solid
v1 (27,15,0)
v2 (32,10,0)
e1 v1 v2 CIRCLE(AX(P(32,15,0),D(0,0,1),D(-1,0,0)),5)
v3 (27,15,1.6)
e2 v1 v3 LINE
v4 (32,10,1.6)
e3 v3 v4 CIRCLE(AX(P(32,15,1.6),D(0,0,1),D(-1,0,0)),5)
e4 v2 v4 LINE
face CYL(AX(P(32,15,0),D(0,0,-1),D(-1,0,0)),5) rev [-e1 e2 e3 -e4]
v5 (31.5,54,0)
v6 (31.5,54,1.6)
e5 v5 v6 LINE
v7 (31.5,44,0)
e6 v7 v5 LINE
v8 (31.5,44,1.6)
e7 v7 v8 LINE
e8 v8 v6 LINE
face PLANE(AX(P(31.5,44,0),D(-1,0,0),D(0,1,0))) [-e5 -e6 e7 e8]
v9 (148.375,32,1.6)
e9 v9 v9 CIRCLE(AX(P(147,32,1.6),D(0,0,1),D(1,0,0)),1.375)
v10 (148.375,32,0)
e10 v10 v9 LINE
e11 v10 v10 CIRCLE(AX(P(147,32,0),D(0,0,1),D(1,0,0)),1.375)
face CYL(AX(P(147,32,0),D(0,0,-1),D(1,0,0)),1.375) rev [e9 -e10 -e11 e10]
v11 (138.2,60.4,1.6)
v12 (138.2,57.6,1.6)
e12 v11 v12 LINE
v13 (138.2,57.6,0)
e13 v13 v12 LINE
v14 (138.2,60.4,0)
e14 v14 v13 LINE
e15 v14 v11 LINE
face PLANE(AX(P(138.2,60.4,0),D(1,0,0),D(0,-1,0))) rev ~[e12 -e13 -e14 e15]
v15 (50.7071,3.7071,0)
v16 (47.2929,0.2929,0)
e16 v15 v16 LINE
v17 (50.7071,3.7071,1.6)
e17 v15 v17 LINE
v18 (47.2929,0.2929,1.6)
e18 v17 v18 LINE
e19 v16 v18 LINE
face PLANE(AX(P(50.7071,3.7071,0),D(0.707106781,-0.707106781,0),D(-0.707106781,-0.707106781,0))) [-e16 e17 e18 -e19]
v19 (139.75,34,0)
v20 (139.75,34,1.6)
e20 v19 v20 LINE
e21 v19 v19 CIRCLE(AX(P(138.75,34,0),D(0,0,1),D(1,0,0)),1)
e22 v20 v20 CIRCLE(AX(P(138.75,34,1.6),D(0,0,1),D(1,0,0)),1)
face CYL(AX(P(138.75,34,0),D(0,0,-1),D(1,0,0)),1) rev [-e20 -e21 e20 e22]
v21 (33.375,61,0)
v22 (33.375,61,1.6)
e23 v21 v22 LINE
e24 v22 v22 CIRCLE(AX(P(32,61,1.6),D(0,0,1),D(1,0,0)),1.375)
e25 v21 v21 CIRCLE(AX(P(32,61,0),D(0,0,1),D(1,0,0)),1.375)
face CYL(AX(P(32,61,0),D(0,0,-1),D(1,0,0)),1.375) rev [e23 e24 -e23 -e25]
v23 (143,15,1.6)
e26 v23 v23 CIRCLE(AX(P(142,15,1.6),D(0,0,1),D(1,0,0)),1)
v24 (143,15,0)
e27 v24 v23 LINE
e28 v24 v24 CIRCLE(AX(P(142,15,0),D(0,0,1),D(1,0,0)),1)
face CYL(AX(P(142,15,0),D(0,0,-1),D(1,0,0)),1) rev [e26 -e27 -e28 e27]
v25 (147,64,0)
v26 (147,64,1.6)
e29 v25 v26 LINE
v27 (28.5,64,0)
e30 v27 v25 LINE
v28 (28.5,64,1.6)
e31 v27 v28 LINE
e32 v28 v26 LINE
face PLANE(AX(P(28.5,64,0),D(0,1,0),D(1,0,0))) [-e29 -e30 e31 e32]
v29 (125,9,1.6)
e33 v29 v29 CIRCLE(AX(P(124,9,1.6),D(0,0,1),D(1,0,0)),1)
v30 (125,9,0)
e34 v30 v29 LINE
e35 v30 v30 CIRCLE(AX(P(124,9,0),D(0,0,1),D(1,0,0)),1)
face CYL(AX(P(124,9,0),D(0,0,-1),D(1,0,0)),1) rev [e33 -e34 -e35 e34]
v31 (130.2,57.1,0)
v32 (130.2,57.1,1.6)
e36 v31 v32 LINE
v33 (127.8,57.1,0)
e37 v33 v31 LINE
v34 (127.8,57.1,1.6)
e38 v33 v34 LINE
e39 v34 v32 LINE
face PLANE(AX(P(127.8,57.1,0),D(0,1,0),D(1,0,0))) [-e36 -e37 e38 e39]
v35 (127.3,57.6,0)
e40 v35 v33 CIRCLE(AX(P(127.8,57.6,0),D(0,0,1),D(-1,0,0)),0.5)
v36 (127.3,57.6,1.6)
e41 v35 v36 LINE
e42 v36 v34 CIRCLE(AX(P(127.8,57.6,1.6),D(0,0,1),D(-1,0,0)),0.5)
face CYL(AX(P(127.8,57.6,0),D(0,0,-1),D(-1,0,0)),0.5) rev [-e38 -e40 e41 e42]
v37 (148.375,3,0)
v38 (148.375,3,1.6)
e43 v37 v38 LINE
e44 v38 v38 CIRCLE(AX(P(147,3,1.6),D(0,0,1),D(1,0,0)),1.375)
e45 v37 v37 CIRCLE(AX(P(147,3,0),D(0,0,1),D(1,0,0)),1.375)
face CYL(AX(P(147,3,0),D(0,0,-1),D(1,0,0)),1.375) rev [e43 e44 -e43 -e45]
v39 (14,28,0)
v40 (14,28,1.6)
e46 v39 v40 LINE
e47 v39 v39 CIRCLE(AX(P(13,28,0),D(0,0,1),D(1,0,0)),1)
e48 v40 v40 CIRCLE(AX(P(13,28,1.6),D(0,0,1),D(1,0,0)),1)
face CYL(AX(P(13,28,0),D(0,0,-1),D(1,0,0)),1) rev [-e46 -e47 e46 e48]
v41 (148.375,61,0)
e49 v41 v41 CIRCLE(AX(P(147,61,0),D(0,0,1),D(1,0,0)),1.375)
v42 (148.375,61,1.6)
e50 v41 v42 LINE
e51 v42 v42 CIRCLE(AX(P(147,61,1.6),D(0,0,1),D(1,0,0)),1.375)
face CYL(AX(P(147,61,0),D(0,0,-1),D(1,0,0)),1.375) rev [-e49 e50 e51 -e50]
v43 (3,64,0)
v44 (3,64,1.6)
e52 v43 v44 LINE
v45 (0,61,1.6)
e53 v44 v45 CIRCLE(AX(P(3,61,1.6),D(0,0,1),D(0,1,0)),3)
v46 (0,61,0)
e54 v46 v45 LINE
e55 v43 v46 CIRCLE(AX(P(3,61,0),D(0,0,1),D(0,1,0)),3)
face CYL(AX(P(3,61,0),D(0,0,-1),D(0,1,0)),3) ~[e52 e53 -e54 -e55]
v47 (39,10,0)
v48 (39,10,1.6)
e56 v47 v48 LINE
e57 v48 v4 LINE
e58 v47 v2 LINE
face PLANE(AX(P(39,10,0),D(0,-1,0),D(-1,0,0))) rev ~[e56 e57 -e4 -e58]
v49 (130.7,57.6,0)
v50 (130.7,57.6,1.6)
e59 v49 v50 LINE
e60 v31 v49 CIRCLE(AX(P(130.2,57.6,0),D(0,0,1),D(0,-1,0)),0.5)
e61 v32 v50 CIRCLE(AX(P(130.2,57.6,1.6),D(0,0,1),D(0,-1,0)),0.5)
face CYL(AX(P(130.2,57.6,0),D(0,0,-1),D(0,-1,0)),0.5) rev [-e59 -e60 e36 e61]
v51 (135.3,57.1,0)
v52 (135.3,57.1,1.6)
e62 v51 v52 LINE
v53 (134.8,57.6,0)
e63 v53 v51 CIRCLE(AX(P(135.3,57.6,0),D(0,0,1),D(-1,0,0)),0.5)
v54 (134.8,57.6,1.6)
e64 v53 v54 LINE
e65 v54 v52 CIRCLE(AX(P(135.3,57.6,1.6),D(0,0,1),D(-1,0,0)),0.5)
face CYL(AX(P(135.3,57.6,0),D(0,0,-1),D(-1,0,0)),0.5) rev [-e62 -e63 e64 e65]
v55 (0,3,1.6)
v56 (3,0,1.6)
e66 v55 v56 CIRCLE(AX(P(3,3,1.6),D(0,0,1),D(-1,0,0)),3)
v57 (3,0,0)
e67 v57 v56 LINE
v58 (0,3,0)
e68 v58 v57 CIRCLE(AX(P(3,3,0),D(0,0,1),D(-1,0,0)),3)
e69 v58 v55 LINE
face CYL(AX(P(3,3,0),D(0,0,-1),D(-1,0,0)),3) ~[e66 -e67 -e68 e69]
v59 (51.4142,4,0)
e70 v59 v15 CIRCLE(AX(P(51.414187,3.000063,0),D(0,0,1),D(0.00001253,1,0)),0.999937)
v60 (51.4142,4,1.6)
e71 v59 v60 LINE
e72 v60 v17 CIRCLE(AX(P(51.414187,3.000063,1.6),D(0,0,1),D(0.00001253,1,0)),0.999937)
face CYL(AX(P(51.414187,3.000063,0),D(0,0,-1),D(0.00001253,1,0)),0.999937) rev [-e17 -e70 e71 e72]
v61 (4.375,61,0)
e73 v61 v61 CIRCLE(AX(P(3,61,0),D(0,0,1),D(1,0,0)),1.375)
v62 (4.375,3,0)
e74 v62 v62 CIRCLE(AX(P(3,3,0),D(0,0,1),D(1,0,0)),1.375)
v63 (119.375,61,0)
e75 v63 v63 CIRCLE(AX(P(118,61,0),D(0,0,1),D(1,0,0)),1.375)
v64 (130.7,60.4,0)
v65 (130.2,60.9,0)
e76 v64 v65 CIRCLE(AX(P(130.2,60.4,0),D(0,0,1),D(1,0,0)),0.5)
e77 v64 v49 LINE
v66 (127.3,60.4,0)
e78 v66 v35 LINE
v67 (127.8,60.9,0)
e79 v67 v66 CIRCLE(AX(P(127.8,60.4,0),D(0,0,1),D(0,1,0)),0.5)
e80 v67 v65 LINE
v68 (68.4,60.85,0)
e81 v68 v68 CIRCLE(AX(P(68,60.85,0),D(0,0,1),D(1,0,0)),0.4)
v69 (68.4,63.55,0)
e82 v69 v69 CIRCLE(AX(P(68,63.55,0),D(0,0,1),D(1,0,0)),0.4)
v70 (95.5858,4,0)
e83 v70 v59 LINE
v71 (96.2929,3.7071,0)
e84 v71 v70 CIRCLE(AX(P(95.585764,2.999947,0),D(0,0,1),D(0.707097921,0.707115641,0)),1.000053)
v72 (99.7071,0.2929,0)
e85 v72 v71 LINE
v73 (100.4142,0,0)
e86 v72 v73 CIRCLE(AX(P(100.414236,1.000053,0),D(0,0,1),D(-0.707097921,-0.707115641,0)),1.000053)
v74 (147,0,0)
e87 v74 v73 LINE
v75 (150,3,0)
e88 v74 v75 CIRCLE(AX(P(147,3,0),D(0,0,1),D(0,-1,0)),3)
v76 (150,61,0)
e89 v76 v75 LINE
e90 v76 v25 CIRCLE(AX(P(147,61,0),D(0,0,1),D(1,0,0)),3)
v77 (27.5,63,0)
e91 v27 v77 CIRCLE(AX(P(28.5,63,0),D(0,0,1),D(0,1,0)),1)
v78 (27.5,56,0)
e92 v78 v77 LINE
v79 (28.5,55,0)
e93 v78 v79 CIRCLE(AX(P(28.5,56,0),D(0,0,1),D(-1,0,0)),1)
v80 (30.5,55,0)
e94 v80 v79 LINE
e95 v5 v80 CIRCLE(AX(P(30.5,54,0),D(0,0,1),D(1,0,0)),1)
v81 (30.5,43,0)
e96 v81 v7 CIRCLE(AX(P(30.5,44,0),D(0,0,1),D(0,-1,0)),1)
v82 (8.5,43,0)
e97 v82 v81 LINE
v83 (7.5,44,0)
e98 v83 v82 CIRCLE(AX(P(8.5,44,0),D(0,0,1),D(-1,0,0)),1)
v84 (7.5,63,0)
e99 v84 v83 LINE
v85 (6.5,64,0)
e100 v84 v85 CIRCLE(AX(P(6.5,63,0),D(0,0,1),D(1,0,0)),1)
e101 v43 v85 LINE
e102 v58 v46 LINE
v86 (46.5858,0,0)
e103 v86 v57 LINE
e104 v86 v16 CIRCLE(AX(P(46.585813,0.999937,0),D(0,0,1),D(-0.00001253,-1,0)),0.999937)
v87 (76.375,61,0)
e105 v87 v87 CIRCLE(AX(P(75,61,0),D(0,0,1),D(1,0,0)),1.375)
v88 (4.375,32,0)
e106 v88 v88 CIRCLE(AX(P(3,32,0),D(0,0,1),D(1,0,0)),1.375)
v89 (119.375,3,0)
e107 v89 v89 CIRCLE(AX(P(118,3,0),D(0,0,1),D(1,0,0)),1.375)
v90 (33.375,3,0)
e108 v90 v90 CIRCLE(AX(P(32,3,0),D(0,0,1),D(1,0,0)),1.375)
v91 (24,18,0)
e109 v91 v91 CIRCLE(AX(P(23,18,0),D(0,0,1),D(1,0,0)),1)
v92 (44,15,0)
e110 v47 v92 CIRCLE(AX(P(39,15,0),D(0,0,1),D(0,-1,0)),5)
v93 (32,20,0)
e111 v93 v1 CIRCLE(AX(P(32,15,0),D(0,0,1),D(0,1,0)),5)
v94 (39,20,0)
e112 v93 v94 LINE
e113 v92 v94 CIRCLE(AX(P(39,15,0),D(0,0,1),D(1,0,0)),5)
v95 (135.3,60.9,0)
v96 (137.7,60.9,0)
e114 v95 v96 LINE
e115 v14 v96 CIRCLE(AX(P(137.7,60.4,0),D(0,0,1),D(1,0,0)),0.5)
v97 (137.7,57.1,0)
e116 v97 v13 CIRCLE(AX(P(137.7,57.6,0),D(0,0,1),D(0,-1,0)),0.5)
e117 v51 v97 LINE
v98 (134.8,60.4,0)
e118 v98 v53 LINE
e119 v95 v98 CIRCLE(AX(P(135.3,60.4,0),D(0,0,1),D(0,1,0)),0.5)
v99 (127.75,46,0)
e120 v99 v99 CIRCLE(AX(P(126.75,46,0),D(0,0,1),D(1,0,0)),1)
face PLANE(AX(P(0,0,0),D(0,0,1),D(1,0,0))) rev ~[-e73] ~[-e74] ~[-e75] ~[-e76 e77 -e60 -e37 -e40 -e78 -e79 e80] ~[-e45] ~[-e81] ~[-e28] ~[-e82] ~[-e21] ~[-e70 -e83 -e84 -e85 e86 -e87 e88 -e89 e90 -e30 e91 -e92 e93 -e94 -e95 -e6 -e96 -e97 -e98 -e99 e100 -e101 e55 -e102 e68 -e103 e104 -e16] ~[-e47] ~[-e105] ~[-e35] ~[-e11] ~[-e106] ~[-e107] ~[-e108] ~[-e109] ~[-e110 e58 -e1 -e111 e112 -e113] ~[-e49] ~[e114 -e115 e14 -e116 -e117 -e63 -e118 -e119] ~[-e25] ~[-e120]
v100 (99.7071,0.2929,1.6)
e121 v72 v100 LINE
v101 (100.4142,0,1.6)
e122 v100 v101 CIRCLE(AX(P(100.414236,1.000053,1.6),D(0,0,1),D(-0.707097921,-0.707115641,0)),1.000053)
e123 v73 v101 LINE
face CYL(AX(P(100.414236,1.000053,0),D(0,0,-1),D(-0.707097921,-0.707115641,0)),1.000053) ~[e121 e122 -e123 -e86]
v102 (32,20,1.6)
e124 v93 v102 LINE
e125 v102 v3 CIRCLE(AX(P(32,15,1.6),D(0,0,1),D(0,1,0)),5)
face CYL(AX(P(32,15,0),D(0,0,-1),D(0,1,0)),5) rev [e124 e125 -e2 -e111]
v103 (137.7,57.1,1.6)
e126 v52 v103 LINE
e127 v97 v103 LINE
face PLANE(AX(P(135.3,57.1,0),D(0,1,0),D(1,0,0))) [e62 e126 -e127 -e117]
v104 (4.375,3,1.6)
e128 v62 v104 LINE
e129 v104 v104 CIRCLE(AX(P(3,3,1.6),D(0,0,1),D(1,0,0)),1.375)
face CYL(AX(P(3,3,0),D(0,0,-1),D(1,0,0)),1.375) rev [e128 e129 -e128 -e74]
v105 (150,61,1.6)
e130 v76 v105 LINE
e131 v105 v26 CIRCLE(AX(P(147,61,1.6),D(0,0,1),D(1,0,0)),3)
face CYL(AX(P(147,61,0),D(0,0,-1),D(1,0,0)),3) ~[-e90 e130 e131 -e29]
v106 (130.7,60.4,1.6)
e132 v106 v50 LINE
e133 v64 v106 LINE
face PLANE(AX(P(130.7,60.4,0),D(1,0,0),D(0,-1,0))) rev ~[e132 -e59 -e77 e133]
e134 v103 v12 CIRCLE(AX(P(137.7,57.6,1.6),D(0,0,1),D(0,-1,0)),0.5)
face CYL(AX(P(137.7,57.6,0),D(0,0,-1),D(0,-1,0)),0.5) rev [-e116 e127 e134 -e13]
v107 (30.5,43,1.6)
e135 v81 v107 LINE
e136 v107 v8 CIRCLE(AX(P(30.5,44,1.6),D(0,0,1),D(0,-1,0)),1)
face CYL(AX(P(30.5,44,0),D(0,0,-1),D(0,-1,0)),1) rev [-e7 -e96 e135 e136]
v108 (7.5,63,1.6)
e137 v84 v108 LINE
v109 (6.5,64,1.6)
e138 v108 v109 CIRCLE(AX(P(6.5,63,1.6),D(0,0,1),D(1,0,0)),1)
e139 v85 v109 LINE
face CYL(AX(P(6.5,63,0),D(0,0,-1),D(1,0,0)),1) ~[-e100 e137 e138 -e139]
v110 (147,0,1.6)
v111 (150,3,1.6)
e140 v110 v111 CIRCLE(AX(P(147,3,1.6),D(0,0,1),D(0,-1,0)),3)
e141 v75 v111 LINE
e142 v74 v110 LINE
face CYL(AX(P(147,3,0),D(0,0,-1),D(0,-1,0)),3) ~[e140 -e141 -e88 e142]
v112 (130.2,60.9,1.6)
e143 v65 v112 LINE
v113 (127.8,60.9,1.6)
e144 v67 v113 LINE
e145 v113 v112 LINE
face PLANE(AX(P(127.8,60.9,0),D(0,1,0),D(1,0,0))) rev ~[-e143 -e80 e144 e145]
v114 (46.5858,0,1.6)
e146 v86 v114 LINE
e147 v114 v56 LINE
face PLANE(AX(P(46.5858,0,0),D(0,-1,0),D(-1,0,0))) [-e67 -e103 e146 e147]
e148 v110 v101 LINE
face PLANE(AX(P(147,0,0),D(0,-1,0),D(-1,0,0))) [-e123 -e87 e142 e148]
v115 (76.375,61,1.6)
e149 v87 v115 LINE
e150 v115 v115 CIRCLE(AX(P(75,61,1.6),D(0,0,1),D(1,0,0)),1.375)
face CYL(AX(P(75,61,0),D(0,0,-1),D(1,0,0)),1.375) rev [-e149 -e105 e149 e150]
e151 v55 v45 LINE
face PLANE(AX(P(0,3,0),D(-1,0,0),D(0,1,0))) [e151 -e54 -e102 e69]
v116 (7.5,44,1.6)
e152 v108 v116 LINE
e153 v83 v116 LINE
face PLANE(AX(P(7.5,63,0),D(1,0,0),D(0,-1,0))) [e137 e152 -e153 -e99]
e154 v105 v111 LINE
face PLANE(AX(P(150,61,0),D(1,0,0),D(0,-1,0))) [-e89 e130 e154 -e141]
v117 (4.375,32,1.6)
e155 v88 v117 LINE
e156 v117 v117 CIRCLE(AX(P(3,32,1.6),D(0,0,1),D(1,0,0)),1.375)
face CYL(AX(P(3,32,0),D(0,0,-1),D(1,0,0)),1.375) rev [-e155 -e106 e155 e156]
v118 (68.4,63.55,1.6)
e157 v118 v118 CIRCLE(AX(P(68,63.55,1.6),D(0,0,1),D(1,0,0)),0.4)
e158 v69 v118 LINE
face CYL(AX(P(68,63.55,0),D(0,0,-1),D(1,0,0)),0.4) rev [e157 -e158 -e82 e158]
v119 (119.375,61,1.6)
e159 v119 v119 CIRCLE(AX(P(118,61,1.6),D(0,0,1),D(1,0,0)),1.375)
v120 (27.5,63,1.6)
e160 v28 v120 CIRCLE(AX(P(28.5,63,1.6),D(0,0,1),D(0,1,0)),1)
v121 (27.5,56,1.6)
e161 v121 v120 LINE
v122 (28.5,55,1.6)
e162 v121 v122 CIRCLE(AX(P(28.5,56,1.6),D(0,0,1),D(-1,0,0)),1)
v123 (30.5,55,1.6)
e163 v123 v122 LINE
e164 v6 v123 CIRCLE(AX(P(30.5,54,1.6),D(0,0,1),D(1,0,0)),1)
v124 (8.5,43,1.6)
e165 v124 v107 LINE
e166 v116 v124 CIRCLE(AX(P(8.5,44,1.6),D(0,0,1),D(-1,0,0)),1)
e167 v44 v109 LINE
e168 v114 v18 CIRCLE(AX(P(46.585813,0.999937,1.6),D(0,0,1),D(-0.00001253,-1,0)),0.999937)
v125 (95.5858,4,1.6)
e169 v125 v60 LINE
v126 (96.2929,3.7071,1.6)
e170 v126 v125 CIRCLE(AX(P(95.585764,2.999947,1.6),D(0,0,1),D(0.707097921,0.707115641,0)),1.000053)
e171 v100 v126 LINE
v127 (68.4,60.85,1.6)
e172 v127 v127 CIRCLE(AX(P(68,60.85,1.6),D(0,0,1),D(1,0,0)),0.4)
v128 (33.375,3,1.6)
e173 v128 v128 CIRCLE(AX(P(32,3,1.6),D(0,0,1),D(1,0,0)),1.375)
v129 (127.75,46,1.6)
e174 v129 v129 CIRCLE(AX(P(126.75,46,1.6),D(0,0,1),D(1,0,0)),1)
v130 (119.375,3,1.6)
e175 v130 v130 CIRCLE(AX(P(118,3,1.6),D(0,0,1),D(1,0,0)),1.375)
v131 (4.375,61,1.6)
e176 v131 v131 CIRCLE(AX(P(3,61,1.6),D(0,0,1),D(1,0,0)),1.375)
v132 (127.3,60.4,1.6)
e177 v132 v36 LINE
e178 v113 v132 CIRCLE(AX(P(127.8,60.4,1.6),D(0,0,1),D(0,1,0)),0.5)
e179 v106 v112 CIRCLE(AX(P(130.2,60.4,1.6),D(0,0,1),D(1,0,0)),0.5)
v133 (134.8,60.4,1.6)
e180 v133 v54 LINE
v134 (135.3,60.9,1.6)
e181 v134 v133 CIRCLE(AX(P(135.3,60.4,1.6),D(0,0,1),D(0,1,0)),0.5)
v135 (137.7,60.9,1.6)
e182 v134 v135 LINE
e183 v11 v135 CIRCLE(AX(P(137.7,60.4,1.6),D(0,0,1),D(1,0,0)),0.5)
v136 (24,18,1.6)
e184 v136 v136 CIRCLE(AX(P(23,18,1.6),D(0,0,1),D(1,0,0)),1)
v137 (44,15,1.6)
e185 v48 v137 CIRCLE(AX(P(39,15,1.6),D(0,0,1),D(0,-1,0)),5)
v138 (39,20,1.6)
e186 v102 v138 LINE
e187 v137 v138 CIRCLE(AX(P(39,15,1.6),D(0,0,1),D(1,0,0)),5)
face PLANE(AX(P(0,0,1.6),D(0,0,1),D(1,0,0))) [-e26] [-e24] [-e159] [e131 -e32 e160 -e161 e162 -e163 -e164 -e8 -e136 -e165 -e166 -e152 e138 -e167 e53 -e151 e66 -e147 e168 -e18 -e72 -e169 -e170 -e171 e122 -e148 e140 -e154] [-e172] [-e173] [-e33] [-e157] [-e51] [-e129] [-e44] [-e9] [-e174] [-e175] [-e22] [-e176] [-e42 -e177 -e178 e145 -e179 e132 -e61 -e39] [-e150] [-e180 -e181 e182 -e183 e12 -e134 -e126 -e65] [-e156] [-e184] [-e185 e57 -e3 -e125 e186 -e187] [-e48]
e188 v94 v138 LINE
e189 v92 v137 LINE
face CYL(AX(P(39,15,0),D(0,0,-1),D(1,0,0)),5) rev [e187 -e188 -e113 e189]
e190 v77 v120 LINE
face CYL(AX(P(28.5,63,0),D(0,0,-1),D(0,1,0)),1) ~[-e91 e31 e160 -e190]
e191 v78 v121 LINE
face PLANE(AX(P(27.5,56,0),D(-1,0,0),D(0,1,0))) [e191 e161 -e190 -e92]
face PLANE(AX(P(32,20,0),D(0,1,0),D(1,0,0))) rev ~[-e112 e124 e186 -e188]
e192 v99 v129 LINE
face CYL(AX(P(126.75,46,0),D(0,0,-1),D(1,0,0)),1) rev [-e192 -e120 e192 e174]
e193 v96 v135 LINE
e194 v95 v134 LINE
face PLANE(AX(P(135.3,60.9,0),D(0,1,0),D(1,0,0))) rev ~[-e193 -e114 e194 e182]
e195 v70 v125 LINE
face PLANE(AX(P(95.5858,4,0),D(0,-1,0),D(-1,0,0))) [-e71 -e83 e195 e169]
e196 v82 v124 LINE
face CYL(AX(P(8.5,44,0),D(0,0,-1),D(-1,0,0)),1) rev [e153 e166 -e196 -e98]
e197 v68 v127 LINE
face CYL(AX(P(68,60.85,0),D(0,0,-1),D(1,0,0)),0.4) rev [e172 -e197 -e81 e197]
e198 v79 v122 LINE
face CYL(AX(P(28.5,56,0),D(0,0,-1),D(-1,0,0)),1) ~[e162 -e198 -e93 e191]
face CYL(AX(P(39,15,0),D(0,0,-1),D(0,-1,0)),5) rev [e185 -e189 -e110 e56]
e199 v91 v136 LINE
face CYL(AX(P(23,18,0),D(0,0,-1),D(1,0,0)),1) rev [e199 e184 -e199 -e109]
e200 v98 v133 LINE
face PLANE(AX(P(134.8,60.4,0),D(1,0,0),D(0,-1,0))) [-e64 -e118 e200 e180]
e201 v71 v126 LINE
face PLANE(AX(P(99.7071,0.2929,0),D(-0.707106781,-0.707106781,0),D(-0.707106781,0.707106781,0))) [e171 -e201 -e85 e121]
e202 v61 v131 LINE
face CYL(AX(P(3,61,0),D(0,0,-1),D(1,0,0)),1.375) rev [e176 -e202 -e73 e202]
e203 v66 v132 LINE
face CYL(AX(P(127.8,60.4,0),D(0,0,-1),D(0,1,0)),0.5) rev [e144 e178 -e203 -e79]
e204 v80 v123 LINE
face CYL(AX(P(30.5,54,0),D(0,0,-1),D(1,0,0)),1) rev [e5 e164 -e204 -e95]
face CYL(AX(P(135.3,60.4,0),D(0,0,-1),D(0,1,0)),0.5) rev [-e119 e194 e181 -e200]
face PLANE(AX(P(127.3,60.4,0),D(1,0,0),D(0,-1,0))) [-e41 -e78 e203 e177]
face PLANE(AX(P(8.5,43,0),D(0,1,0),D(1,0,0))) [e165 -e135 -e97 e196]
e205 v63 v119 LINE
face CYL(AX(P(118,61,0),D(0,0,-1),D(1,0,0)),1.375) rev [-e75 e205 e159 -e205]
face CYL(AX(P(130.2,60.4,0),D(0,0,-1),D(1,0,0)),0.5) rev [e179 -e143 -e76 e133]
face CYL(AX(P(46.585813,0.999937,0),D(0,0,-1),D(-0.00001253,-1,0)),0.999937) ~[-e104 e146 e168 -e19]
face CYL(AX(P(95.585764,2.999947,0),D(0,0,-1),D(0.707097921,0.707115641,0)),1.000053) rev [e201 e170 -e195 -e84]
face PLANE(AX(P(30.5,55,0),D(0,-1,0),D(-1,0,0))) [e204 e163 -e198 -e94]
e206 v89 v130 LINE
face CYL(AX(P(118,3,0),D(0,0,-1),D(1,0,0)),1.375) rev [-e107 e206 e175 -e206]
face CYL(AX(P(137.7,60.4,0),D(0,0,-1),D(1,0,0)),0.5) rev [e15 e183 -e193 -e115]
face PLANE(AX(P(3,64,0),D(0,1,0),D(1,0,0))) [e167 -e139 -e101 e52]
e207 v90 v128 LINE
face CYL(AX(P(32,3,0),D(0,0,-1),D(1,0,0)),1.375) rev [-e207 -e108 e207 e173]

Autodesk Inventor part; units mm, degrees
ref_plane "YZ Plane" through (0, 0, 0) normal (1, 0, 0) x (0, 1, 0)
ref_plane "XZ Plane" through (0, 0, 0) normal (0, 1, 0) x (-1, 0, 0)
ref_plane "XY Plane" through (0, 0, 0) normal (0, 0, 1) x (1, 0, 0)
sketch "Sketch1" plane through (0, 0, 0) normal (0, 0, 1) x (1, 0, 0)
  line L0 (150, 61) -> (150, 3)
  arc A0 (147, 0) -> (150, 3) centre (147, 3) ccw
  line L1 (147, 0) -> (100.4142, 0)
  arc A1 (99.7071, 0.2929) -> (100.4142, 0) centre (100.4142, 1) ccw
  line L2 (99.7071, 0.2929) -> (96.2929, 3.7071)
  arc A2 (96.2929, 3.7071) -> (95.5858, 4) centre (95.5858, 3) ccw
  line L3 (95.5858, 4) -> (51.4142, 4)
  arc A3 (51.4142, 4) -> (50.7071, 3.7071) centre (51.4142, 3) ccw
  line L4 (50.7071, 3.7071) -> (47.2929, 0.2929)
  arc A4 (46.5858, 0) -> (47.2929, 0.2929) centre (46.5858, 1) ccw
  line L5 (46.5858, 0) -> (3, 0)
  arc A5 (0, 3) -> (3, 0) centre (3, 3) ccw
  line L6 (0, 3) -> (0, 61)
  arc A6 (3, 64) -> (0, 61) centre (3, 61) ccw
  line L7 (3, 64) -> (6.5, 64)
  arc A7 (7.5, 63) -> (6.5, 64) centre (6.5, 63) ccw
  line L8 (7.5, 63) -> (7.5, 44)
  arc A8 (7.5, 44) -> (8.5, 43) centre (8.5, 44) ccw
  line L9 (8.5, 43) -> (30.5, 43)
  arc A9 (30.5, 43) -> (31.5, 44) centre (30.5, 44) ccw
  line L10 (31.5, 44) -> (31.5, 54)
  arc A10 (31.5, 54) -> (30.5, 55) centre (30.5, 54) ccw
  line L11 (30.5, 55) -> (28.5, 55)
  arc A11 (27.5, 56) -> (28.5, 55) centre (28.5, 56) ccw
  line L12 (27.5, 56) -> (27.5, 63)
  arc A12 (28.5, 64) -> (27.5, 63) centre (28.5, 63) ccw
  line L13 (28.5, 64) -> (147, 64)
  arc A13 (150, 61) -> (147, 64) centre (147, 61) ccw
  arc A14 (44, 15) -> (39, 20) centre (39, 15) ccw
  arc A15 (39, 10) -> (44, 15) centre (39, 15) ccw
  line L14 (39, 10) -> (32, 10)
  arc A16 (27, 15) -> (32, 10) centre (32, 15) ccw
  arc A17 (32, 20) -> (27, 15) centre (32, 15) ccw
  line L15 (32, 20) -> (39, 20)
  arc A18 (127.8, 60.9) -> (127.3, 60.4) centre (127.8, 60.4) ccw
  line L16 (127.3, 60.4) -> (127.3, 57.6)
  arc A19 (127.3, 57.6) -> (127.8, 57.1) centre (127.8, 57.6) ccw
  line L17 (127.8, 57.1) -> (130.2, 57.1)
  arc A20 (130.2, 57.1) -> (130.7, 57.6) centre (130.2, 57.6) ccw
  line L18 (127.8, 60.9) -> (130.2, 60.9)
  arc A21 (130.7, 60.4) -> (130.2, 60.9) centre (130.2, 60.4) ccw
  line L19 (130.7, 60.4) -> (130.7, 57.6)
  arc A22 (135.3, 60.9) -> (134.8, 60.4) centre (135.3, 60.4) ccw
  line L20 (134.8, 60.4) -> (134.8, 57.6)
  arc A23 (134.8, 57.6) -> (135.3, 57.1) centre (135.3, 57.6) ccw
  line L21 (135.3, 57.1) -> (137.7, 57.1)
  arc A24 (137.7, 57.1) -> (138.2, 57.6) centre (137.7, 57.6) ccw
  line L22 (135.3, 60.9) -> (137.7, 60.9)
  arc A25 (138.2, 60.4) -> (137.7, 60.9) centre (137.7, 60.4) ccw
  line L23 (138.2, 60.4) -> (138.2, 57.6)
  circle A26 centre (68, 60.85) radius 0.4
  circle A27 centre (68, 63.55) radius 0.4
  circle A28 centre (13, 28) radius 1
  circle A29 centre (23, 18) radius 1
  circle A30 centre (126.75, 46) radius 1
  circle A31 centre (138.75, 34) radius 1
  circle A32 centre (3, 61) radius 1.375
  circle A33 centre (32, 61) radius 1.375
  circle A34 centre (118, 61) radius 1.375
  circle A35 centre (147, 61) radius 1.375
  circle A36 centre (147, 3) radius 1.375
  circle A37 centre (118, 3) radius 1.375
  circle A38 centre (32, 3) radius 1.375
  circle A39 centre (3, 3) radius 1.375
  circle A40 centre (3, 32) radius 1.375
  circle A41 centre (75, 61) radius 1.375
  circle A42 centre (124, 9) radius 1
  circle A43 centre (142, 15) radius 1
  circle A44 centre (147, 32) radius 1.375
  point P0 (0, 0)
extrude "Extrusion1" add sketch "Sketch1" along normal blind 1.6
properties part number "pcb"
